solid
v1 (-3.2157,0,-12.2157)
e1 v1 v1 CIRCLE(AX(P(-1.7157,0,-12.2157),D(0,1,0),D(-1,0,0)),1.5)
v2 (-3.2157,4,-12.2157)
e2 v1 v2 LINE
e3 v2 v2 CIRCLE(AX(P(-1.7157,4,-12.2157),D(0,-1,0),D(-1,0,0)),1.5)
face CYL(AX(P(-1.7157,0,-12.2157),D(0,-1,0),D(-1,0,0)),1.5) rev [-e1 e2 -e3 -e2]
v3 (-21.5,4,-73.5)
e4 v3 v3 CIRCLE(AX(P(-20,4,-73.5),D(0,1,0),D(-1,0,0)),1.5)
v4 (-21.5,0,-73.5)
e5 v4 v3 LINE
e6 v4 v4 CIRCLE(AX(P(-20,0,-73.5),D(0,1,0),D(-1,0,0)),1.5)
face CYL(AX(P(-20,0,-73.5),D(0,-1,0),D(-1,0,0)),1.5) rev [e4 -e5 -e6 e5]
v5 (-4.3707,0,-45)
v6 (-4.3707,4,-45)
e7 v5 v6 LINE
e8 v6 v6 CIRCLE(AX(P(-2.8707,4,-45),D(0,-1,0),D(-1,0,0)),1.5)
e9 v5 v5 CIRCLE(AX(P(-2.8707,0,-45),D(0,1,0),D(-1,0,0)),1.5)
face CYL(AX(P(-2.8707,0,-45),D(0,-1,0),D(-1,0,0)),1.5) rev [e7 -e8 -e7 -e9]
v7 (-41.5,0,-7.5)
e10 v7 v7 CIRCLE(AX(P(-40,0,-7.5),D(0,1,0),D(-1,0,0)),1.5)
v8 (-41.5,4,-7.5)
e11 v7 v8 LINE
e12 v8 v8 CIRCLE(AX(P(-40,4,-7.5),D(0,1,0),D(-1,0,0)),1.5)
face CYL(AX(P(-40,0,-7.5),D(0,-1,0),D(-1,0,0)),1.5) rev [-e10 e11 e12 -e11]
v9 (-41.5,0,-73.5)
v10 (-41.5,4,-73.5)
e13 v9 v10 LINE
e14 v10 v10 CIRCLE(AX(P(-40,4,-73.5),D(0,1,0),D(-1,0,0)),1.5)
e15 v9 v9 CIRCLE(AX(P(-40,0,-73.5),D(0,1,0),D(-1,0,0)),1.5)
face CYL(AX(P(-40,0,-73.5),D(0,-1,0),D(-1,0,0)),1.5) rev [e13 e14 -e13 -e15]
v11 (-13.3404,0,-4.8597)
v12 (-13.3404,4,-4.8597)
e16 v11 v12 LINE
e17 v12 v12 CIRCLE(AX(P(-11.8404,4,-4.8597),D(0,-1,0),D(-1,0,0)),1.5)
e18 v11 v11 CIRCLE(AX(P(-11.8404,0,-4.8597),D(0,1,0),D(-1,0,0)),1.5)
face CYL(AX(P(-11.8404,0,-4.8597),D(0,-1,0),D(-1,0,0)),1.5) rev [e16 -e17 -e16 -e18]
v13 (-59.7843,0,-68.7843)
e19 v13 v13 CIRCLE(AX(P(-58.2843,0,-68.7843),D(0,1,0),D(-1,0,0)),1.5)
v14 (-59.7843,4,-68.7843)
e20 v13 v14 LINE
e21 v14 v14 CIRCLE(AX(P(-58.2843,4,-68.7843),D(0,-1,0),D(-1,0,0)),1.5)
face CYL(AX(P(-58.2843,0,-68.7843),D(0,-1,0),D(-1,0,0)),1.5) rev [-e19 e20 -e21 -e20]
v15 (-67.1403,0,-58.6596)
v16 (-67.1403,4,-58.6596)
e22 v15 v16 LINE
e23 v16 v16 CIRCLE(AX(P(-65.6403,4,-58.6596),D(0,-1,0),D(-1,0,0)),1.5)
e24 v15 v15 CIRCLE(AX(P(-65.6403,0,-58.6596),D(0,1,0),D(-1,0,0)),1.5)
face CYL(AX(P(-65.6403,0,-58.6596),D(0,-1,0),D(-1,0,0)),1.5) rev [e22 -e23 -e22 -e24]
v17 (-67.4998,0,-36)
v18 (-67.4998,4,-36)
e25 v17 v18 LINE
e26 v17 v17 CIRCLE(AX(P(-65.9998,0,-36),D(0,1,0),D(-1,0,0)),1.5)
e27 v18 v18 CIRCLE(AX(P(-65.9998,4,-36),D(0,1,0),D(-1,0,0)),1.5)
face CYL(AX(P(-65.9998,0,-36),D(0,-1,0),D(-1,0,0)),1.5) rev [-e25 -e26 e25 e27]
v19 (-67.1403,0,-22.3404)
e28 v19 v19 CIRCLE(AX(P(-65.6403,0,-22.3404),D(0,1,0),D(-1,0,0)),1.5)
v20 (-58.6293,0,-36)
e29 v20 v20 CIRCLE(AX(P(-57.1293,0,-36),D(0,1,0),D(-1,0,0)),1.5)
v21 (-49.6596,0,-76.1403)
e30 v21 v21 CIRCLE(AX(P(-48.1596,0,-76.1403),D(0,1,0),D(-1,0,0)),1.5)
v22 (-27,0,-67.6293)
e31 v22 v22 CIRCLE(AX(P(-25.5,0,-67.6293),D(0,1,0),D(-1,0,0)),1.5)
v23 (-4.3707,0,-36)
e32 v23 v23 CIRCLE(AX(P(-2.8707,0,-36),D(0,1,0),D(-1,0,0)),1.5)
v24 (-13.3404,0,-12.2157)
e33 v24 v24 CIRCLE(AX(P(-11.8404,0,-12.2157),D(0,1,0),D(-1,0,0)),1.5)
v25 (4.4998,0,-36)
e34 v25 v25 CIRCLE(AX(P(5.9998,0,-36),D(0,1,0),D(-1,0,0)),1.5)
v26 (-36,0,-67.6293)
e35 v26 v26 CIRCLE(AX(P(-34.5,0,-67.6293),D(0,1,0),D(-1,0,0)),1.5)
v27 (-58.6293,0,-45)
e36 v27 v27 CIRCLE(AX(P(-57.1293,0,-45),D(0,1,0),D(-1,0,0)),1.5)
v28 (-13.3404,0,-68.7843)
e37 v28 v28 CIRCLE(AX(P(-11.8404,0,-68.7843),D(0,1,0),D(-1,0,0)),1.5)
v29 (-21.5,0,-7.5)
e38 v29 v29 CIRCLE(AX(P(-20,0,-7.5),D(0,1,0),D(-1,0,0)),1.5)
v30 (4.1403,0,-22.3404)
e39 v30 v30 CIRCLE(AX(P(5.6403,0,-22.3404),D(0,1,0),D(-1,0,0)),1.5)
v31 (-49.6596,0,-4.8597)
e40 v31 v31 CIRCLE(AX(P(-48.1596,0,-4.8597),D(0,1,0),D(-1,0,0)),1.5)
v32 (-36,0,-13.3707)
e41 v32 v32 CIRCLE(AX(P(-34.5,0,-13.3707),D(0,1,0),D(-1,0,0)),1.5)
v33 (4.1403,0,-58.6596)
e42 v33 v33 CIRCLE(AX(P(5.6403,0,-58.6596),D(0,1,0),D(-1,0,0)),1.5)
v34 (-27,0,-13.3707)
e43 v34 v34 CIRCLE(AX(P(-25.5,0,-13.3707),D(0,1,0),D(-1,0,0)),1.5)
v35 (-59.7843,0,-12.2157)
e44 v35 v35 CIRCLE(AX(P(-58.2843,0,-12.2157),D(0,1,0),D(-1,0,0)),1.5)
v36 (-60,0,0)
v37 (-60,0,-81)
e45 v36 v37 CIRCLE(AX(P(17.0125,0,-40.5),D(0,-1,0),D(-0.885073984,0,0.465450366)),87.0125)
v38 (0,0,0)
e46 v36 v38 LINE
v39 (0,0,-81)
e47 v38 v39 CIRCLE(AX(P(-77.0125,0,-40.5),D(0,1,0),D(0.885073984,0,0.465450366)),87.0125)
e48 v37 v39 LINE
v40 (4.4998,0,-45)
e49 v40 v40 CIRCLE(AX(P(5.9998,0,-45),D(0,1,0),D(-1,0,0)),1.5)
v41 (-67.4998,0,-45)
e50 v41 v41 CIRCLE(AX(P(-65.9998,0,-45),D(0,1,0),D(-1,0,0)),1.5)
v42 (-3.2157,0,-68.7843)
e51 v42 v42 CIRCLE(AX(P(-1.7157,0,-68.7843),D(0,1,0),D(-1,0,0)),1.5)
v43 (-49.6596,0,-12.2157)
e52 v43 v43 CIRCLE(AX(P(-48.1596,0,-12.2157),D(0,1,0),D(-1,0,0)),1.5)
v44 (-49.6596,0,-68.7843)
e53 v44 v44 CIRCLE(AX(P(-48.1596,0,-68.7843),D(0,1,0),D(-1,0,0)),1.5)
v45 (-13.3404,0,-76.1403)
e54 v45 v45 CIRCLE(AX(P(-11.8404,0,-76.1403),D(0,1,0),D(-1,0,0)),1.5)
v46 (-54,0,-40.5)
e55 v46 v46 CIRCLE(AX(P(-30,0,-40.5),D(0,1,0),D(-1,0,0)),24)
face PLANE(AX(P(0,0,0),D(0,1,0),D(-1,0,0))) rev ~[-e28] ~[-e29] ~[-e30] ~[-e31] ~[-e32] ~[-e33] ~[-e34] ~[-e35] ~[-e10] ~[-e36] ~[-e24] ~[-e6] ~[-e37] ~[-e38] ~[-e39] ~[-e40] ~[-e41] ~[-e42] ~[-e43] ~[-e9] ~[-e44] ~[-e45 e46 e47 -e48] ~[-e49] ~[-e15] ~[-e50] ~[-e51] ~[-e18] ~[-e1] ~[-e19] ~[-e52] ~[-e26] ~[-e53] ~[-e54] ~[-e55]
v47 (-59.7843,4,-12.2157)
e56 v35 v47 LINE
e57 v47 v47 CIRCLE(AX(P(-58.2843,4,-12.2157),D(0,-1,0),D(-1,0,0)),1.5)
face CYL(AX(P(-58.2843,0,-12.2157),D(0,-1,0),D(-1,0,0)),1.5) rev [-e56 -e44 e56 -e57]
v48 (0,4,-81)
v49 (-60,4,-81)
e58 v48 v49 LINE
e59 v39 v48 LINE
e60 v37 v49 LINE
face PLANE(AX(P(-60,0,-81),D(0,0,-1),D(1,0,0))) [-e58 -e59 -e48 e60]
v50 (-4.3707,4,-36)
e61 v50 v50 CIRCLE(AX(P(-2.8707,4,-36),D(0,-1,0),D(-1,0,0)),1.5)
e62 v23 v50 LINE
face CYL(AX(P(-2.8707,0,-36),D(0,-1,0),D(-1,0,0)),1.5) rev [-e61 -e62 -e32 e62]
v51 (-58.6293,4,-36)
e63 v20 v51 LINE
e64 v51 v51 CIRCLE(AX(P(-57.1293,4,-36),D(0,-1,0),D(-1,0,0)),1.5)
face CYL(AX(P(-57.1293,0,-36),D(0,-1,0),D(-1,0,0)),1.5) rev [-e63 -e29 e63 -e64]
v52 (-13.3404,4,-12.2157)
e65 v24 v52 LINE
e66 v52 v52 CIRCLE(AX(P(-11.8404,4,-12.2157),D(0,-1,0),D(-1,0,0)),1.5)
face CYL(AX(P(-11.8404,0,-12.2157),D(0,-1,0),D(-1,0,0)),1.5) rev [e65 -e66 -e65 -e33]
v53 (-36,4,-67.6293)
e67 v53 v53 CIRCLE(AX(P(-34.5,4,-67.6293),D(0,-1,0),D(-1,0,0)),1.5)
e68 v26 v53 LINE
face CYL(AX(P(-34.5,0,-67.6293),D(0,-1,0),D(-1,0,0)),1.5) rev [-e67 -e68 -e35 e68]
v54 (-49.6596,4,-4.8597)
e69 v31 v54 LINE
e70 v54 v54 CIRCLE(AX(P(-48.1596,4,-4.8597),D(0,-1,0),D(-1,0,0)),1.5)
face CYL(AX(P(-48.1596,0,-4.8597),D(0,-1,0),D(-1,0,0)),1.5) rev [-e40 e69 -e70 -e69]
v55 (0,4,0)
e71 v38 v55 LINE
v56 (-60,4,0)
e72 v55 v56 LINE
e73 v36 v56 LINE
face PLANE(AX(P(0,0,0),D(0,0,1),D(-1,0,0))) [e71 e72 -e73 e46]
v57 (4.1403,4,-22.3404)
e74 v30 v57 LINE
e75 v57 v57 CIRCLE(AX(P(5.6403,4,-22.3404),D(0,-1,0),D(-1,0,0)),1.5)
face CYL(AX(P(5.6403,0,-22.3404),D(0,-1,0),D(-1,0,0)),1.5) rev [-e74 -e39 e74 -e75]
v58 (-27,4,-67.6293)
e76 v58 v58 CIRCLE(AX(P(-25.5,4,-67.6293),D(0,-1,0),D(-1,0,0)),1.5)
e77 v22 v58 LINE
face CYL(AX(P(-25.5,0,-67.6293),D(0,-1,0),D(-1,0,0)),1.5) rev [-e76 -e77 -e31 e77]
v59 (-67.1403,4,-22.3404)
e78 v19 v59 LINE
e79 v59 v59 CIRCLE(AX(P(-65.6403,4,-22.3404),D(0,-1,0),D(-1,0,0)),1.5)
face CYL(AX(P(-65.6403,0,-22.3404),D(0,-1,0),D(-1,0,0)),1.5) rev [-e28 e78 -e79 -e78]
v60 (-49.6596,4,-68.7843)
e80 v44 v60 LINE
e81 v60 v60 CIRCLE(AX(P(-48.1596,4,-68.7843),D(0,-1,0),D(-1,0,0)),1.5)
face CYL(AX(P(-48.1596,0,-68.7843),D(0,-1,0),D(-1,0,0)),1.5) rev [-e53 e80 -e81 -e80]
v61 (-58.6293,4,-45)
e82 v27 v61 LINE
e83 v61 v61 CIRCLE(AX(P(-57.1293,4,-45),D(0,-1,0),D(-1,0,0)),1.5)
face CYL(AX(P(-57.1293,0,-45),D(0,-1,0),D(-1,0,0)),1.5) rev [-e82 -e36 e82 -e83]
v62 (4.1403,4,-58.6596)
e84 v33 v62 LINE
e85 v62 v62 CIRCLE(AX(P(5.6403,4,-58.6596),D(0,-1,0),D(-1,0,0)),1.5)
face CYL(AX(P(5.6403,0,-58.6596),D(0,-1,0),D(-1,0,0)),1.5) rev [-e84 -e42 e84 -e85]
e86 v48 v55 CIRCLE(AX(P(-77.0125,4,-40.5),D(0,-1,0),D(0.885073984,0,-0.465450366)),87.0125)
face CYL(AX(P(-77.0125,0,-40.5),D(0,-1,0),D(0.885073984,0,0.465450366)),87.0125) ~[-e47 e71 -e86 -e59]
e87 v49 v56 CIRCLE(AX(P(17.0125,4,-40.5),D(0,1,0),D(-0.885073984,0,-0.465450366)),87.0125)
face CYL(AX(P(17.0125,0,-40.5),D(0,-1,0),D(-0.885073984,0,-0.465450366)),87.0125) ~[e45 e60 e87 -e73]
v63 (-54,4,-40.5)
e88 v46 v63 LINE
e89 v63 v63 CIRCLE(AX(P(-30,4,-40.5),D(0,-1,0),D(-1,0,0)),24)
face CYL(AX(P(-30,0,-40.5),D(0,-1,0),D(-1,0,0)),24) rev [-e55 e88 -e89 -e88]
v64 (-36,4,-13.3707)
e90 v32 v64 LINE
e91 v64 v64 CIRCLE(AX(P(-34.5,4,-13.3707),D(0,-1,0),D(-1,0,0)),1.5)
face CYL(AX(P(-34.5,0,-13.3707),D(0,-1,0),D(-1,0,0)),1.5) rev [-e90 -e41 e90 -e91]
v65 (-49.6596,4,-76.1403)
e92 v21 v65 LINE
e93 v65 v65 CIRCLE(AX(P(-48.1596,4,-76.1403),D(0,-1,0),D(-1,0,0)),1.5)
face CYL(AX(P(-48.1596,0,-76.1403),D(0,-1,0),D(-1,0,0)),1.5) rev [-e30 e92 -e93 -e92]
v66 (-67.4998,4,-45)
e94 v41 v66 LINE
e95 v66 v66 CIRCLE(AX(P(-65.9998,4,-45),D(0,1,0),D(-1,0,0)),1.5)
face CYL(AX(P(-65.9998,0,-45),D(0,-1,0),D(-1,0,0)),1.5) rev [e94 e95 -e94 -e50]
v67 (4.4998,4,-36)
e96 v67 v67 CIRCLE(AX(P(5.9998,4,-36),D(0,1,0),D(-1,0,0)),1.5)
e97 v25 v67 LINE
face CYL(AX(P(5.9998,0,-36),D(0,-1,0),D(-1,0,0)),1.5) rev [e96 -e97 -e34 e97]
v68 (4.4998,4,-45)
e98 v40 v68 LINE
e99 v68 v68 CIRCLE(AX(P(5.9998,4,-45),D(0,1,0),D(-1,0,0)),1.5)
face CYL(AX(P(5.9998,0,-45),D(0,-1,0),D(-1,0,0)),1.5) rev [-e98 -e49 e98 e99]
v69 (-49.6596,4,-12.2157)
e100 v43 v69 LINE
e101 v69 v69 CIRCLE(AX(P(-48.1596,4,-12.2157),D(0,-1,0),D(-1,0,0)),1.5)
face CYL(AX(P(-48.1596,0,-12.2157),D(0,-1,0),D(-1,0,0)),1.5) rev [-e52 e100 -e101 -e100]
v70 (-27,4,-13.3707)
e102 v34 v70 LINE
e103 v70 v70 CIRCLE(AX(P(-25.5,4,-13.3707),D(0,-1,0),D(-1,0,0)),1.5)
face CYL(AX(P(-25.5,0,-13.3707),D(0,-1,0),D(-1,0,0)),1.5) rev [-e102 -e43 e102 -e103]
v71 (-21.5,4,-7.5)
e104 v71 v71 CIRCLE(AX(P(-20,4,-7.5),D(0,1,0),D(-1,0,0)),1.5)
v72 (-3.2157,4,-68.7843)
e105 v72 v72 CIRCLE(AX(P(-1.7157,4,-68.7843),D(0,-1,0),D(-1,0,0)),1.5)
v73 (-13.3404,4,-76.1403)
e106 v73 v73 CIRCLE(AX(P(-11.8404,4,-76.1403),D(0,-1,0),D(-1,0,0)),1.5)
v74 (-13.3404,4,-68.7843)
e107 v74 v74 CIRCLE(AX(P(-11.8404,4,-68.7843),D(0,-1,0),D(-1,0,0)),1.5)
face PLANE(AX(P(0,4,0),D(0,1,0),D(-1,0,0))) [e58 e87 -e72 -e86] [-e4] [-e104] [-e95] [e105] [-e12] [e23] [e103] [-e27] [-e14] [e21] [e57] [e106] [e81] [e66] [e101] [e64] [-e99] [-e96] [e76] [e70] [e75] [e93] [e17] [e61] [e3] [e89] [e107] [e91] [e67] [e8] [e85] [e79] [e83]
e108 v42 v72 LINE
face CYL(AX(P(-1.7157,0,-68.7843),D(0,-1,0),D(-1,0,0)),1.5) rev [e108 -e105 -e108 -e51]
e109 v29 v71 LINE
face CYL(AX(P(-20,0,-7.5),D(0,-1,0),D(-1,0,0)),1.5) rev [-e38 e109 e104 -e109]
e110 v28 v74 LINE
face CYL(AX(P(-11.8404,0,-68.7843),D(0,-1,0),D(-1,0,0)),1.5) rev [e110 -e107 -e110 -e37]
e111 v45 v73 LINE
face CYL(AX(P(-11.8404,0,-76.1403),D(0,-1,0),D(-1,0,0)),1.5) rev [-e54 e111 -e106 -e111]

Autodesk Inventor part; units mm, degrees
ref_plane "YZ Plane" through (0, 0, 0) normal (1, 0, 0) x (0, 1, 0)
ref_plane "XZ Plane" through (0, 0, 0) normal (0, 1, 0) x (-1, 0, 0)
ref_plane "XY Plane" through (0, 0, 0) normal (0, 0, 1) x (1, 0, 0)
sketch "Sketch1" plane through (0, 0, 0) normal (0, 1, 0) x (-1, 0, 0)
  line L0 (0, 0) -> (60, 0)
  line L1 (60, 0) -> (60, -81)
  line L2 (60, -81) -> (0, -81)
  line L3 (0, -81) -> (0, 0)
  line L4 (45, -21.6284) -> (15, -21.6284) construction
  line L5 (45, -81) -> (45, 0) construction
  line L6 (15, 0) -> (15, -81) construction
  circle A0 centre (40, -73.5) radius 1.5
  circle A1 centre (40, -7.5) radius 1.5
  circle A2 centre (20, -7.5) radius 1.5
  circle A3 centre (20, -73.5) radius 1.5
  line L7 (60, -40.5) -> (0, -40.5) construction
  line L8 (30, 0) -> (30, -81) construction
  circle A4 centre (30, -40.5) radius 24
  circle A5 centre (30, -40.5) radius 27.5
  circle A6 centre (57.1293, -36) radius 1.5
  circle A7 centre (57.1293, -45) radius 1.5
  circle A8 centre (25.5, -13.3707) radius 1.5
  circle A9 centre (34.5, -13.3707) radius 1.5
  circle A10 centre (2.8707, -45) radius 1.5
  circle A11 centre (2.8707, -36) radius 1.5
  circle A12 centre (34.5, -67.6293) radius 1.5
  circle A13 centre (25.5, -67.6293) radius 1.5
  circle A14 centre (30, -40.5) radius 40 construction
  arc A15 (60, -81) -> (60, 0) centre (-17.0125, -40.5) ccw
  circle A16 centre (30, -40.5) radius 36.28 construction
  circle A17 centre (65.9998, -36) radius 1.5
  circle A18 centre (65.9998, -45) radius 1.5
  circle A19 centre (-5.9998, -45) radius 1.5
  circle A20 centre (-5.9998, -36) radius 1.5
  arc A21 (0, 0) -> (0, -81) centre (77.0125, -40.5) ccw
  line L9 (30, -40.5) -> (-3.3536, -73.8536) construction
  circle A22 centre (1.7157, -68.7843) radius 1.5
  circle A23 centre (11.8404, -76.1403) radius 1.5
  circle A24 centre (23.7426, -80.0075) radius 1.5
  circle A25 centre (36.2574, -80.0075) radius 1.5
  circle A26 centre (48.1596, -76.1403) radius 1.5
  circle A27 centre (58.2843, -68.7843) radius 1.5
  circle A28 centre (65.6403, -58.6596) radius 1.5
  circle A29 centre (69.5075, -46.7574) radius 1.5
  circle A30 centre (69.5075, -34.2426) radius 1.5
  circle A31 centre (65.6403, -22.3404) radius 1.5
  circle A32 centre (58.2843, -12.2157) radius 1.5
  circle A33 centre (48.1596, -4.8597) radius 1.5
  circle A34 centre (36.2574, -0.9925) radius 1.5
  circle A35 centre (23.7426, -0.9925) radius 1.5
  circle A36 centre (11.8404, -4.8597) radius 1.5
  circle A37 centre (1.7157, -12.2157) radius 1.5
  circle A38 centre (-5.6403, -22.3404) radius 1.5
  circle A39 centre (-9.5075, -34.2426) radius 1.5
  circle A40 centre (-9.5075, -46.7574) radius 1.5
  circle A41 centre (-5.6403, -58.6596) radius 1.5
  circle A42 centre (48.1596, -68.7843) radius 1.5
  circle A43 centre (48.1596, -12.2157) radius 1.5
  circle A44 centre (11.8404, -12.2157) radius 1.5
  circle A45 centre (11.8404, -68.7843) radius 1.5
  point P0 (30, -21.6284)
  dimension "d31" = 80
  dimension "width" = 60
  dimension "d1" = 81
  dimension "fixed" = 3
  dimension "d6" = 7.5
  dimension "d7" = 5
  dimension "d8" = 30
  dimension "d9" = 3
  dimension "d10" = 7.5
  dimension "d11" = 5
  dimension "d12" = 3
  dimension "d13" = 3
  dimension "d14" = 5
  dimension "d19" = 48
  dimension "d20" = 55
  dimension "d21" = 3
  dimension "d22" = 4.5
  dimension "d23" = 3
  dimension "d24" = 4.5
  dimension "d27" = 360
  dimension "d32" = 72.56
  dimension "d33" = 3
  dimension "d34" = 3
  dimension "d37" = 360
  dimension "d39" = 45
  dimension "d40" = 3
  dimension "d43" = 360
  dimension "d47" = 3
  dimension "d48" = 3
  dimension "d49" = 3
  dimension "d50" = 3
extrude "Extrusion1" add sketch "Sketch1" along normal blind 4 contours L0 A35 A34 L1 L2 A25 A24 L3 | L3 A21 A40 A39 | L0 A35 | A39 A21 | A24 L2 | A21 A40 | L0 A34 | A25 L2 | A15 A30 A29 L1 | A15 A30 | A29 A15 | A4 | A5 A7 A12 A13 A10 A11 A8 A9 A6 | A6 A5 | A5 A6 | A7 A5 | A5 A7 | A9 A5 | A5 A9 | A12 A5 | A5 A12 | A8 A5 | A5 A8 | A13 A5 | A5 A13 | A11 A5 | A5 A11 | A10 A5 | A5 A10 | A22 | A23 | A26 | A27 | A28 | A31 | A32 | A33 | A36 | A37 | A38 | A41 | A42 | A43 | A44 | A45 picked at (23.6828, -0.8272) picked at (-9.1838, -34.2299) picked at (24.0268, -80.2578) picked at (-9.1838, -46.7701) picked at (35.7864, -0.994) picked at (35.8837, -79.4355) picked at (69.1851, -34.2659) picked at (69.1851, -46.7341)
extrude "Extrusion2" cut sketch "Sketch1" along normal blind 10 contours A4 | A6 A5 | A5 A6 | A7 A5 | A5 A7 | A9 A5 | A5 A9 | A12 A5 | A5 A12 | A8 A5 | A5 A8 | A13 A5 | A5 A13 | A11 A5 | A5 A11 | A10 A5 | A5 A10
extrude "Extrusion3" cut sketch "Sketch1" along normal blind 10 contours A22 | A23 | A26 | A27 | A28 | A31 | A32 | A33 | A36 | A37 | A38 | A41 | A42 | A43 | A44 | A45
equation "\"d8\" = 0.5 * width"
equation "\"d9\" = fixed"
equation "\"d12\" = fixed"
equation "\"d13\" = fixed"
equation "\"d23\" = fixed"
equation "\"d33\" = fixed"
equation "\"d34\" = fixed"
equation "\"d40\" = fixed"
equation "\"d47\" = fixed"
equation "\"d48\" = fixed"
equation "\"d49\" = fixed"
equation "\"d50\" = fixed"
properties part number "payload-plateV2"
